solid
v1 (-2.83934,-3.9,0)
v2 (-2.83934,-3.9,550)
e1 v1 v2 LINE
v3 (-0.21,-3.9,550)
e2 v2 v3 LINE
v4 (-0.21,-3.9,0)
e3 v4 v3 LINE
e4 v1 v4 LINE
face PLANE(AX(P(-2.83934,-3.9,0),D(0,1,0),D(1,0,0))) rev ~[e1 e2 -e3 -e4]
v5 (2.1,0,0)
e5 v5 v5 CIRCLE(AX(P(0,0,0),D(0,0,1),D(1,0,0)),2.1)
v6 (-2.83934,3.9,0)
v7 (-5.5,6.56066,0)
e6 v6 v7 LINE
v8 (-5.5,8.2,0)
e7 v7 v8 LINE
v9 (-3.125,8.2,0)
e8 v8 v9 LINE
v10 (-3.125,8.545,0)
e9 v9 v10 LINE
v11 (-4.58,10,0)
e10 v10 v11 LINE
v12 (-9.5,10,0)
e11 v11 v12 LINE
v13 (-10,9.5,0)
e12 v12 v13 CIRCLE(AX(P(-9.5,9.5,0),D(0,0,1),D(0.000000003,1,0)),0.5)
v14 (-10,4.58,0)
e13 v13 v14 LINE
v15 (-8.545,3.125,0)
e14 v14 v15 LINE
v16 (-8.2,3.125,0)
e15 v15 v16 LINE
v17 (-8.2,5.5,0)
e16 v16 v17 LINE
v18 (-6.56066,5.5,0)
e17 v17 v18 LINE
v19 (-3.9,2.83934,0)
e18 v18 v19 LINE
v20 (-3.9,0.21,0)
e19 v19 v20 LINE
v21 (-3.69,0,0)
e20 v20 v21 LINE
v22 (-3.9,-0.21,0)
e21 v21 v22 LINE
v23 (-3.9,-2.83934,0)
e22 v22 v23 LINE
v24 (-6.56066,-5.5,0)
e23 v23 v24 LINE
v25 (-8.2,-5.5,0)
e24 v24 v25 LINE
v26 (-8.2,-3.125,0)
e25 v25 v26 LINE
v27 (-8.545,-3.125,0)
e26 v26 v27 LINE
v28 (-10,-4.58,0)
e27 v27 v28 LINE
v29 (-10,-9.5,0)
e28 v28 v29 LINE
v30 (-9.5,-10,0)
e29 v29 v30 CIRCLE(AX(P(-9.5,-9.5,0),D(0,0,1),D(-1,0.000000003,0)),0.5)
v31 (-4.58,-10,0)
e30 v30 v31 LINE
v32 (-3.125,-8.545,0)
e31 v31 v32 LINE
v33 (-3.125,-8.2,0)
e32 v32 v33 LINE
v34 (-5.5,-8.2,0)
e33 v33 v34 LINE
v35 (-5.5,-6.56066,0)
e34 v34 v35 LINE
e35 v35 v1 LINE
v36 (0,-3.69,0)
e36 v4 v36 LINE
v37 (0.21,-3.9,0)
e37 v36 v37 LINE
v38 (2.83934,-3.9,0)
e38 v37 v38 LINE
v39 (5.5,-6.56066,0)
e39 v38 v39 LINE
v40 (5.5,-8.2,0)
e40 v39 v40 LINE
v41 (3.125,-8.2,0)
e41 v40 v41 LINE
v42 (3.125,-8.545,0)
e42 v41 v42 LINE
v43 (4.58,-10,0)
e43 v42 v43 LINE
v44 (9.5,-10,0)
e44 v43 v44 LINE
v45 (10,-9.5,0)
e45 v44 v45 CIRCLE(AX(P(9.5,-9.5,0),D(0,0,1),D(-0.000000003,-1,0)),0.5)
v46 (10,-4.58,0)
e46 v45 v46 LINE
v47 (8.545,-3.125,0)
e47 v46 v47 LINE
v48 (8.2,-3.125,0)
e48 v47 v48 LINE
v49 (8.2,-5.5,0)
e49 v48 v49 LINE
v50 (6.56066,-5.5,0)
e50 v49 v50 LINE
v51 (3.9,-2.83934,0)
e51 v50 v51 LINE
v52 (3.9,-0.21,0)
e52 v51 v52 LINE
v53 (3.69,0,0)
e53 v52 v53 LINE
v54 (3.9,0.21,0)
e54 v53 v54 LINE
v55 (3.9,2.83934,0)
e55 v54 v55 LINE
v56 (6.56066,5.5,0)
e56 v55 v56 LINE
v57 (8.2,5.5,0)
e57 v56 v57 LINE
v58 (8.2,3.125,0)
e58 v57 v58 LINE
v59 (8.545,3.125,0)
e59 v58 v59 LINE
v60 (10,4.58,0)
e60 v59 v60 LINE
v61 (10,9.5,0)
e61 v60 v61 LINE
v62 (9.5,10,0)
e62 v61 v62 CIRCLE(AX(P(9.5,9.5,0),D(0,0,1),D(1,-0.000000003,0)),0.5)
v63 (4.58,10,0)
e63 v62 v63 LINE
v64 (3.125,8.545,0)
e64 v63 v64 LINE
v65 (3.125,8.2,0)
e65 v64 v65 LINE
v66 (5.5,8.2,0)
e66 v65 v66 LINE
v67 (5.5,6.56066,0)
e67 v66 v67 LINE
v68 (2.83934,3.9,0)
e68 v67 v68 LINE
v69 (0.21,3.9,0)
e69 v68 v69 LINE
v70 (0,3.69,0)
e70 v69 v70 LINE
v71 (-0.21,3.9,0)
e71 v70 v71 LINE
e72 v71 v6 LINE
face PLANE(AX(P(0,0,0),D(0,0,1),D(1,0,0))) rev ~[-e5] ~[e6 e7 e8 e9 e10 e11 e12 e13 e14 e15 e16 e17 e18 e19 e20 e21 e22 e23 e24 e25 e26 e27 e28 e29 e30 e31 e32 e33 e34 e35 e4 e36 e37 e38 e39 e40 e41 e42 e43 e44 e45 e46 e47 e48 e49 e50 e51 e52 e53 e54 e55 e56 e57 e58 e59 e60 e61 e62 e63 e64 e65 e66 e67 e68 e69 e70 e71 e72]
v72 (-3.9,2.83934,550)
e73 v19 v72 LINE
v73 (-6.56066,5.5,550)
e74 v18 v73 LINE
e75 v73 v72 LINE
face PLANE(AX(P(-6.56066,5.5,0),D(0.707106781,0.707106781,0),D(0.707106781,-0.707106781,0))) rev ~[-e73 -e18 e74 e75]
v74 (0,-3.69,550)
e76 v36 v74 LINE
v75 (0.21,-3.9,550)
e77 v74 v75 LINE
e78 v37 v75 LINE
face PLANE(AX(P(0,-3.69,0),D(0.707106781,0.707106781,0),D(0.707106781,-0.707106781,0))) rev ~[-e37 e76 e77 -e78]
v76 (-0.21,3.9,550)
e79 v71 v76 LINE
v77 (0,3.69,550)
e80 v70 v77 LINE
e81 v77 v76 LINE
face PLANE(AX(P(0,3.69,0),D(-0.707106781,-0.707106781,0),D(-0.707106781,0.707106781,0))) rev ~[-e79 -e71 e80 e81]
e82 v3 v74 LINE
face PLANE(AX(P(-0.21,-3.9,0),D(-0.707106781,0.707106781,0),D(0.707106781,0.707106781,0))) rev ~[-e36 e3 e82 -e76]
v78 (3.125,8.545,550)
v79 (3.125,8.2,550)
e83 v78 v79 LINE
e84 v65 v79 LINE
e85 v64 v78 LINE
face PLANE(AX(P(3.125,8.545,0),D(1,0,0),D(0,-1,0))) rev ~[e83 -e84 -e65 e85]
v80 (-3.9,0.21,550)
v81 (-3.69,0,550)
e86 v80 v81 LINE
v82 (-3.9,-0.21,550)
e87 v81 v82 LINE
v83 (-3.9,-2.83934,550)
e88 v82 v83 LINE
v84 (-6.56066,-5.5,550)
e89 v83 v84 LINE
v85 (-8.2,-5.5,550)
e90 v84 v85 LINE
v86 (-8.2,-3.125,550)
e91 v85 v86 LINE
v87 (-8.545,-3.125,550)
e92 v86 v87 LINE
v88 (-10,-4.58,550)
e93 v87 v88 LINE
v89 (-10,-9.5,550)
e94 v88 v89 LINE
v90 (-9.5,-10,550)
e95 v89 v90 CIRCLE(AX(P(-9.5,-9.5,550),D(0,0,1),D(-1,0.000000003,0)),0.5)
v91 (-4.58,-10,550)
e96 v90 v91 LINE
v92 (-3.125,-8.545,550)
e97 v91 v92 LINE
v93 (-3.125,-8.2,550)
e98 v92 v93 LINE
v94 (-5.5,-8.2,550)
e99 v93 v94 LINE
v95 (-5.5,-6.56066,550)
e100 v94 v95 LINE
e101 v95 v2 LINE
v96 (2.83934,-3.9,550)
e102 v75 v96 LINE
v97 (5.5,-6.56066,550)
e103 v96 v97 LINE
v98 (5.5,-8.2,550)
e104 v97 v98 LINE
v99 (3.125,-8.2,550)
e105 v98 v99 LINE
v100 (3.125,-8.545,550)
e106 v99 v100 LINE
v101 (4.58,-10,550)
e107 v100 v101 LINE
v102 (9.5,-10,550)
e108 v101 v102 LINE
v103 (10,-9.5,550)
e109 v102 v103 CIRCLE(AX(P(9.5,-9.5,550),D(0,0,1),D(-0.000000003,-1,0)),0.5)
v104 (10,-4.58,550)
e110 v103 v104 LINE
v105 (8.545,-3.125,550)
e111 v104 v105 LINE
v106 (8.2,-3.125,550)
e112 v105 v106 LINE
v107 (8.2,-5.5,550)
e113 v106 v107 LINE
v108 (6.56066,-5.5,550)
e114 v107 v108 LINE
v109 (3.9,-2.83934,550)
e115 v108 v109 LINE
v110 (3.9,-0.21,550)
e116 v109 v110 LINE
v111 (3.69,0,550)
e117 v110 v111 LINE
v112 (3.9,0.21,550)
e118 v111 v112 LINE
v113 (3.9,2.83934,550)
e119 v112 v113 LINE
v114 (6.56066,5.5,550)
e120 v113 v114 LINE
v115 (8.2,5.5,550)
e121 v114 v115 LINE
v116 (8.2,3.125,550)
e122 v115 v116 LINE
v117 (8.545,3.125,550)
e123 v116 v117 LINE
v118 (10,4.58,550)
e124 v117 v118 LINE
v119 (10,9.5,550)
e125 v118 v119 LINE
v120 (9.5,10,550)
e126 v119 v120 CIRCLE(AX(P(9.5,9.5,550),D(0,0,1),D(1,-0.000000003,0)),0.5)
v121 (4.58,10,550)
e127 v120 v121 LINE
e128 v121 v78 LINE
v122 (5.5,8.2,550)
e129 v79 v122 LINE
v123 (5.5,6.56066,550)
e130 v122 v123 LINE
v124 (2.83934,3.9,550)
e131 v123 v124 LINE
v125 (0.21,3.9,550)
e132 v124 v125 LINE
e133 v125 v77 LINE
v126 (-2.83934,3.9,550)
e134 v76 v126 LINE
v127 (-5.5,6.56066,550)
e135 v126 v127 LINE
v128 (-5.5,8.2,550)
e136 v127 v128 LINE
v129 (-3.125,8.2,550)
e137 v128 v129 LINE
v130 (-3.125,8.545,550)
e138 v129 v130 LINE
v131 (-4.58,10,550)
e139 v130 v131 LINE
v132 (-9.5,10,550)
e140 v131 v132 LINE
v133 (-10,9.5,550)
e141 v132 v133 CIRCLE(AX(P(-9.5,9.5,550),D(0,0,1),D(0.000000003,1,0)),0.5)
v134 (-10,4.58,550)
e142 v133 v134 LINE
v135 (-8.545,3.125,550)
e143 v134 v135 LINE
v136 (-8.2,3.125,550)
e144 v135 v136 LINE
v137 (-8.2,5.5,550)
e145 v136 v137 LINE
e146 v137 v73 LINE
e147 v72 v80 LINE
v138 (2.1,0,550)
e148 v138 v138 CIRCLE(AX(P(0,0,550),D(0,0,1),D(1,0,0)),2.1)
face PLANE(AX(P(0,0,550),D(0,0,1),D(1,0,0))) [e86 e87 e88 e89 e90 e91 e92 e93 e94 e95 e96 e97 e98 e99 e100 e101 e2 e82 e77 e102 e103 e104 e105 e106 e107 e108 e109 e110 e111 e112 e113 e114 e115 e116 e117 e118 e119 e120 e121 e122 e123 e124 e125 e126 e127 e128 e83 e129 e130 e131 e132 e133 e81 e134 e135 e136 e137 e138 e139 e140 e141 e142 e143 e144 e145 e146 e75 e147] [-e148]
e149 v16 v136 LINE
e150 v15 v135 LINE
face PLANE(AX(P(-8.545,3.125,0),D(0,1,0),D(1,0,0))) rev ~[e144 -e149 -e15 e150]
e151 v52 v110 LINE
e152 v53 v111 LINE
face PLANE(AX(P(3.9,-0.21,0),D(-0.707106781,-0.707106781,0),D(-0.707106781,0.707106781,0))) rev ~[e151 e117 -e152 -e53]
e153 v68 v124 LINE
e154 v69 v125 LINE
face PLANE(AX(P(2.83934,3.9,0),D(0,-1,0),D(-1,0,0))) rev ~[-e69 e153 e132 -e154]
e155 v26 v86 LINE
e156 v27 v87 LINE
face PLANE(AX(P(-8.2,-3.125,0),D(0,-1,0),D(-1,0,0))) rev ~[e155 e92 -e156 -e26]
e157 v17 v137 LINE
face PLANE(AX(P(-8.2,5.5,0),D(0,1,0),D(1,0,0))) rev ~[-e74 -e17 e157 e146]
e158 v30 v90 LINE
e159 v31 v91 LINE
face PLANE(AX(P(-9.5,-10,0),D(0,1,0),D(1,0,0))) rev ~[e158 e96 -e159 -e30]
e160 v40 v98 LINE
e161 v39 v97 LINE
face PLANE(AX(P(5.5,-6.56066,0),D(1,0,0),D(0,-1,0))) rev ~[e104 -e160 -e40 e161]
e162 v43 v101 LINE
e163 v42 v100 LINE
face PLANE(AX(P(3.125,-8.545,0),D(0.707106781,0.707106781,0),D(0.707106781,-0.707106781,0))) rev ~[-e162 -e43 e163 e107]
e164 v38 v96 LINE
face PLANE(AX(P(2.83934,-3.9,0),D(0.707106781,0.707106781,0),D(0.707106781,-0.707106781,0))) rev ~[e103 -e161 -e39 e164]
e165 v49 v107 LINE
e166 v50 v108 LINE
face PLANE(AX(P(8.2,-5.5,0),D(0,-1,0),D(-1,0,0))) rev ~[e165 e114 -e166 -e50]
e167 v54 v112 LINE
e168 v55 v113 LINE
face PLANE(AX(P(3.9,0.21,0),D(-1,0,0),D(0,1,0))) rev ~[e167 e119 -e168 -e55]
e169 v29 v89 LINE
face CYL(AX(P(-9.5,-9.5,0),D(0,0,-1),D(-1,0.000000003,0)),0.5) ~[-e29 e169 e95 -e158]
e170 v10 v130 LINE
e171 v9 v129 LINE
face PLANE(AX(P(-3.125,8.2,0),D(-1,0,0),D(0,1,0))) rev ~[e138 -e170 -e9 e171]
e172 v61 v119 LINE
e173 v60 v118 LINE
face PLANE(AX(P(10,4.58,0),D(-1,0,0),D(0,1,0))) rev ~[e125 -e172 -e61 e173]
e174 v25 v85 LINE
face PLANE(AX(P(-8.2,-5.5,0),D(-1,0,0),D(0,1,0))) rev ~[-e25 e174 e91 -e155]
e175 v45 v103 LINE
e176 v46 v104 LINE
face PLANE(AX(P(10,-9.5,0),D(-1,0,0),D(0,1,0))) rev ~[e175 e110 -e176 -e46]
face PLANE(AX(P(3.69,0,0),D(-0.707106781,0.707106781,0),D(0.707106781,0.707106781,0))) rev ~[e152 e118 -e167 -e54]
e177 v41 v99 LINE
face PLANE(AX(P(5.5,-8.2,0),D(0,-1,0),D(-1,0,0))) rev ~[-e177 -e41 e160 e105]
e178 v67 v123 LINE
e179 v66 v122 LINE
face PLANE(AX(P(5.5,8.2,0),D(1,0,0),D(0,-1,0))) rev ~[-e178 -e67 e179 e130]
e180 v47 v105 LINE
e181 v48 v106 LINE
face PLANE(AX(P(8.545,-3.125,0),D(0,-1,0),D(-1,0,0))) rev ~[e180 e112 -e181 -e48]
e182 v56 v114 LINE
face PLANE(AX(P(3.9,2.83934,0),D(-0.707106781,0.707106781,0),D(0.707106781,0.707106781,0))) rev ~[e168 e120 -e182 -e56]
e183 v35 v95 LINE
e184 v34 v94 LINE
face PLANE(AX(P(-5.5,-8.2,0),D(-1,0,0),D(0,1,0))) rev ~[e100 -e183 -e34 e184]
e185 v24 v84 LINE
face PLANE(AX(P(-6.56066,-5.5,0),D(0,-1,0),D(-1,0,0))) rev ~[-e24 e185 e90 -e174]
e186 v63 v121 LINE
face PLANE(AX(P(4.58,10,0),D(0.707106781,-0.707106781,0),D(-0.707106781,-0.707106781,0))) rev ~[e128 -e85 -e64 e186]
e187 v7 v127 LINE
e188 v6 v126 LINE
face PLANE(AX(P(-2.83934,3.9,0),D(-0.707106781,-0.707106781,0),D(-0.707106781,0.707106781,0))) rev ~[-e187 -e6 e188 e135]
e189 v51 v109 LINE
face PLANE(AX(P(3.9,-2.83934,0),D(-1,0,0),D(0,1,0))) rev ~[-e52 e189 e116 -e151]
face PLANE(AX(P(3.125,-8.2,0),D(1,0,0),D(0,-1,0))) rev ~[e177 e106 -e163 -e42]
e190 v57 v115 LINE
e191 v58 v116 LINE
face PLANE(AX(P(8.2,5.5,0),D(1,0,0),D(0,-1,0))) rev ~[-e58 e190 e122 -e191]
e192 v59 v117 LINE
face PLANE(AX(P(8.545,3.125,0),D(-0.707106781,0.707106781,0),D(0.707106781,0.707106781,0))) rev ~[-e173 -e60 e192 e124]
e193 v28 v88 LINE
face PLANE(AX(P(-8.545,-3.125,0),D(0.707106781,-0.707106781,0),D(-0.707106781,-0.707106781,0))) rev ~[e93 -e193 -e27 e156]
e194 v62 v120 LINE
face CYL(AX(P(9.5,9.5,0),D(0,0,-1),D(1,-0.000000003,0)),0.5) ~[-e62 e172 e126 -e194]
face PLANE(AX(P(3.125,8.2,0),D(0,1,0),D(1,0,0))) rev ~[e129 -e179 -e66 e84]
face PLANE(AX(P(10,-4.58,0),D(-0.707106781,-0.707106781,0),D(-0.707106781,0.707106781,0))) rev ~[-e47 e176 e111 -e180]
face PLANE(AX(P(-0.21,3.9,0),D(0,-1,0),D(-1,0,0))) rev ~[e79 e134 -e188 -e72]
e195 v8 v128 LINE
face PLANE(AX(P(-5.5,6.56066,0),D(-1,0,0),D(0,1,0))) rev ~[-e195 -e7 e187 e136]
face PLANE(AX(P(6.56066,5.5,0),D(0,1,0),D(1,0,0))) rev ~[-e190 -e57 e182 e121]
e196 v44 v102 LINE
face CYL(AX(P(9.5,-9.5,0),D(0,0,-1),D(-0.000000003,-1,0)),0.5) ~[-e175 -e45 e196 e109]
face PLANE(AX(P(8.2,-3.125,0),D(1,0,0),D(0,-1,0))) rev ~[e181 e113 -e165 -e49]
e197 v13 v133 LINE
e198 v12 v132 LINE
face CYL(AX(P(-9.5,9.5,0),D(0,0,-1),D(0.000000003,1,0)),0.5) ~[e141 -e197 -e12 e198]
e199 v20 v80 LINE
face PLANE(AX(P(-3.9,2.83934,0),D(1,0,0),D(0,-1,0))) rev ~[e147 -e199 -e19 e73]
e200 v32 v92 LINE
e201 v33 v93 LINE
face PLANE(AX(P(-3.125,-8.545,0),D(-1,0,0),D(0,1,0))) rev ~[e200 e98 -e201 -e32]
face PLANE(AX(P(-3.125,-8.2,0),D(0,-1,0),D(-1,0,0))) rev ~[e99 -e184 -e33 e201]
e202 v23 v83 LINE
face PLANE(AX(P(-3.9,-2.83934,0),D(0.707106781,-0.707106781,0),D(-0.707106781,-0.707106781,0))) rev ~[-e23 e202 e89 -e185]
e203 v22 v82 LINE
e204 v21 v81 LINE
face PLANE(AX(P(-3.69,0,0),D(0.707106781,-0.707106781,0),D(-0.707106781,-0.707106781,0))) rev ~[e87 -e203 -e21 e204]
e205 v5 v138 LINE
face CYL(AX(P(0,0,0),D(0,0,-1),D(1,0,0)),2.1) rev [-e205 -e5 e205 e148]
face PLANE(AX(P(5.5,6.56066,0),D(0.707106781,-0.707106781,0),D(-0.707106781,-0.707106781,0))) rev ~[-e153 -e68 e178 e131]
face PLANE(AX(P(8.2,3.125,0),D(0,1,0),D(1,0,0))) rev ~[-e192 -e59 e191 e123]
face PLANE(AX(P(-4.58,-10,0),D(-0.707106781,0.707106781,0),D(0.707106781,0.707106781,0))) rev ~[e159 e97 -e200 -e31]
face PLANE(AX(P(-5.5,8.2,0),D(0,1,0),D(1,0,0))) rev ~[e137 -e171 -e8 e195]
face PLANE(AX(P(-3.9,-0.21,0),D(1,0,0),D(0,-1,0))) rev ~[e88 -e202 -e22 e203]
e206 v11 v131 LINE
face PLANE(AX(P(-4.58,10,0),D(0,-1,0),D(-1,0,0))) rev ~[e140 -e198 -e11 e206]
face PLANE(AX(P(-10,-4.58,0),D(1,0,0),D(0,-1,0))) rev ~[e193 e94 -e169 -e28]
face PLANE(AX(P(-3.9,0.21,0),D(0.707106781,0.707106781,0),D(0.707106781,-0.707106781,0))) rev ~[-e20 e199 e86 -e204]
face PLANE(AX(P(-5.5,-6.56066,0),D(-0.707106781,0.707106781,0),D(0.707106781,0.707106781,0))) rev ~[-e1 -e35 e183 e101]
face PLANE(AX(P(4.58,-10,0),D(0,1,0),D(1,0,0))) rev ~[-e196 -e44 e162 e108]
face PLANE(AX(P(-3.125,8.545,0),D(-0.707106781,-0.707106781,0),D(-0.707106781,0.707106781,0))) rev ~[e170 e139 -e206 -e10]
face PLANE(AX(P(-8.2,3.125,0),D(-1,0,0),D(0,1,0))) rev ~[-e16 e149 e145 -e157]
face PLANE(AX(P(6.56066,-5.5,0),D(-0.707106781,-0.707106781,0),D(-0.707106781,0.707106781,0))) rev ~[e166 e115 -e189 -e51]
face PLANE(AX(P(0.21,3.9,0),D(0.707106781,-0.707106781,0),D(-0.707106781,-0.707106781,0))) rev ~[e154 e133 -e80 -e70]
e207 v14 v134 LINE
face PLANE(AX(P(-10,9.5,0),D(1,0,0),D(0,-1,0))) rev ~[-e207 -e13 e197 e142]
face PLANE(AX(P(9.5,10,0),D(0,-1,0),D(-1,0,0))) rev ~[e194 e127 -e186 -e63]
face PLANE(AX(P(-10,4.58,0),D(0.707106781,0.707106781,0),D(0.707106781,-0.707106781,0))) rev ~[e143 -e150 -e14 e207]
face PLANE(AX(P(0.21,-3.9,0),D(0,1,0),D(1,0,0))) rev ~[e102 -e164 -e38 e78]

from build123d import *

# Parameters (mm, degrees)
SKETCH1_R           = 2.1
BOSS_EXTRUDE1_DEPTH = 550


with BuildPart() as part:
    # Sketch1 → Boss-Extrude1 (new body)
    with BuildSketch(Plane.XY):
        with BuildLine():
            Line((4.58, -10), (9.5, -10))
            ThreePointArc((9.5, -10), (9.853553391, -9.853553391), (10, -9.5))
            Line((10, -9.5), (10, -4.58))
            Line((10, -4.58), (8.545, -3.125))
            Line((8.545, -3.125), (8.2, -3.125))
            Line((8.2, -3.125), (8.2, -5.5))
            Line((8.2, -5.5), (6.560660172, -5.5))
            Line((6.560660172, -5.5), (3.9, -2.839339828))
            Line((3.9, -2.839339828), (3.9, -0.21))
            Line((3.9, -0.21), (3.69, 0))
            Line((3.69, 0), (3.9, 0.21))
            Line((3.9, 0.21), (3.9, 2.839339828))
            Line((3.9, 2.839339828), (6.560660172, 5.5))
            Line((6.560660172, 5.5), (8.2, 5.5))
            Line((8.2, 5.5), (8.2, 3.125))
            Line((8.2, 3.125), (8.545, 3.125))
            Line((8.545, 3.125), (10, 4.58))
            Line((10, 4.58), (10, 9.5))
            ThreePointArc((10, 9.5), (9.853553391, 9.853553391), (9.5, 10))
            Line((9.5, 10), (4.58, 10))
            Line((4.58, 10), (3.125, 8.545))
            Line((3.125, 8.545), (3.125, 8.2))
            Line((3.125, 8.2), (5.5, 8.2))
            Line((5.5, 8.2), (5.5, 6.560660172))
            Line((5.5, 6.560660172), (2.839339828, 3.9))
            Line((2.839339828, 3.9), (0.21, 3.9))
            Line((0.21, 3.9), (0, 3.69))
            Line((0, 3.69), (-0.21, 3.9))
            Line((-0.21, 3.9), (-2.839339828, 3.9))
            Line((-2.839339828, 3.9), (-5.5, 6.560660172))
            Line((-5.5, 6.560660172), (-5.5, 8.2))
            Line((-5.5, 8.2), (-3.125, 8.2))
            Line((-3.125, 8.2), (-3.125, 8.545))
            Line((-3.125, 8.545), (-4.58, 10))
            Line((-4.58, 10), (-9.5, 10))
            ThreePointArc((-9.5, 10), (-9.853553391, 9.853553391), (-10, 9.5))
            Line((-10, 9.5), (-10, 4.58))
            Line((-10, 4.58), (-8.545, 3.125))
            Line((-8.545, 3.125), (-8.2, 3.125))
            Line((-8.2, 3.125), (-8.2, 5.5))
            Line((-8.2, 5.5), (-6.560660172, 5.5))
            Line((-6.560660172, 5.5), (-3.9, 2.839339828))
            Line((-3.9, 2.839339828), (-3.9, 0.21))
            Line((-3.9, 0.21), (-3.69, 0))
            Line((-3.69, 0), (-3.9, -0.21))
            Line((-3.9, -0.21), (-3.9, -2.839339828))
            Line((-3.9, -2.839339828), (-6.560660172, -5.5))
            Line((-6.560660172, -5.5), (-8.2, -5.5))
            Line((-8.2, -5.5), (-8.2, -3.125))
            Line((-8.2, -3.125), (-8.545, -3.125))
            Line((-8.545, -3.125), (-10, -4.58))
            Line((-10, -4.58), (-10, -9.5))
            ThreePointArc((-10, -9.5), (-9.853553391, -9.853553391), (-9.5, -10))
            Line((-9.5, -10), (-4.58, -10))
            Line((-4.58, -10), (-3.125, -8.545))
            Line((-3.125, -8.545), (-3.125, -8.2))
            Line((-3.125, -8.2), (-5.5, -8.2))
            Line((-5.5, -8.2), (-5.5, -6.560660172))
            Line((-5.5, -6.560660172), (-2.839339828, -3.9))
            Line((-2.839339828, -3.9), (-0.21, -3.9))
            Line((-0.21, -3.9), (0, -3.69))
            Line((0, -3.69), (0.21, -3.9))
            Line((0.21, -3.9), (2.839339828, -3.9))
            Line((2.839339828, -3.9), (5.5, -6.560660172))
            Line((5.5, -6.560660172), (5.5, -8.2))
            Line((5.5, -8.2), (3.125, -8.2))
            Line((3.125, -8.2), (3.125, -8.545))
            Line((3.125, -8.545), (4.58, -10))
        make_face()
        Circle(SKETCH1_R, mode=Mode.SUBTRACT)
    extrude(amount=BOSS_EXTRUDE1_DEPTH)


solid = part.part
